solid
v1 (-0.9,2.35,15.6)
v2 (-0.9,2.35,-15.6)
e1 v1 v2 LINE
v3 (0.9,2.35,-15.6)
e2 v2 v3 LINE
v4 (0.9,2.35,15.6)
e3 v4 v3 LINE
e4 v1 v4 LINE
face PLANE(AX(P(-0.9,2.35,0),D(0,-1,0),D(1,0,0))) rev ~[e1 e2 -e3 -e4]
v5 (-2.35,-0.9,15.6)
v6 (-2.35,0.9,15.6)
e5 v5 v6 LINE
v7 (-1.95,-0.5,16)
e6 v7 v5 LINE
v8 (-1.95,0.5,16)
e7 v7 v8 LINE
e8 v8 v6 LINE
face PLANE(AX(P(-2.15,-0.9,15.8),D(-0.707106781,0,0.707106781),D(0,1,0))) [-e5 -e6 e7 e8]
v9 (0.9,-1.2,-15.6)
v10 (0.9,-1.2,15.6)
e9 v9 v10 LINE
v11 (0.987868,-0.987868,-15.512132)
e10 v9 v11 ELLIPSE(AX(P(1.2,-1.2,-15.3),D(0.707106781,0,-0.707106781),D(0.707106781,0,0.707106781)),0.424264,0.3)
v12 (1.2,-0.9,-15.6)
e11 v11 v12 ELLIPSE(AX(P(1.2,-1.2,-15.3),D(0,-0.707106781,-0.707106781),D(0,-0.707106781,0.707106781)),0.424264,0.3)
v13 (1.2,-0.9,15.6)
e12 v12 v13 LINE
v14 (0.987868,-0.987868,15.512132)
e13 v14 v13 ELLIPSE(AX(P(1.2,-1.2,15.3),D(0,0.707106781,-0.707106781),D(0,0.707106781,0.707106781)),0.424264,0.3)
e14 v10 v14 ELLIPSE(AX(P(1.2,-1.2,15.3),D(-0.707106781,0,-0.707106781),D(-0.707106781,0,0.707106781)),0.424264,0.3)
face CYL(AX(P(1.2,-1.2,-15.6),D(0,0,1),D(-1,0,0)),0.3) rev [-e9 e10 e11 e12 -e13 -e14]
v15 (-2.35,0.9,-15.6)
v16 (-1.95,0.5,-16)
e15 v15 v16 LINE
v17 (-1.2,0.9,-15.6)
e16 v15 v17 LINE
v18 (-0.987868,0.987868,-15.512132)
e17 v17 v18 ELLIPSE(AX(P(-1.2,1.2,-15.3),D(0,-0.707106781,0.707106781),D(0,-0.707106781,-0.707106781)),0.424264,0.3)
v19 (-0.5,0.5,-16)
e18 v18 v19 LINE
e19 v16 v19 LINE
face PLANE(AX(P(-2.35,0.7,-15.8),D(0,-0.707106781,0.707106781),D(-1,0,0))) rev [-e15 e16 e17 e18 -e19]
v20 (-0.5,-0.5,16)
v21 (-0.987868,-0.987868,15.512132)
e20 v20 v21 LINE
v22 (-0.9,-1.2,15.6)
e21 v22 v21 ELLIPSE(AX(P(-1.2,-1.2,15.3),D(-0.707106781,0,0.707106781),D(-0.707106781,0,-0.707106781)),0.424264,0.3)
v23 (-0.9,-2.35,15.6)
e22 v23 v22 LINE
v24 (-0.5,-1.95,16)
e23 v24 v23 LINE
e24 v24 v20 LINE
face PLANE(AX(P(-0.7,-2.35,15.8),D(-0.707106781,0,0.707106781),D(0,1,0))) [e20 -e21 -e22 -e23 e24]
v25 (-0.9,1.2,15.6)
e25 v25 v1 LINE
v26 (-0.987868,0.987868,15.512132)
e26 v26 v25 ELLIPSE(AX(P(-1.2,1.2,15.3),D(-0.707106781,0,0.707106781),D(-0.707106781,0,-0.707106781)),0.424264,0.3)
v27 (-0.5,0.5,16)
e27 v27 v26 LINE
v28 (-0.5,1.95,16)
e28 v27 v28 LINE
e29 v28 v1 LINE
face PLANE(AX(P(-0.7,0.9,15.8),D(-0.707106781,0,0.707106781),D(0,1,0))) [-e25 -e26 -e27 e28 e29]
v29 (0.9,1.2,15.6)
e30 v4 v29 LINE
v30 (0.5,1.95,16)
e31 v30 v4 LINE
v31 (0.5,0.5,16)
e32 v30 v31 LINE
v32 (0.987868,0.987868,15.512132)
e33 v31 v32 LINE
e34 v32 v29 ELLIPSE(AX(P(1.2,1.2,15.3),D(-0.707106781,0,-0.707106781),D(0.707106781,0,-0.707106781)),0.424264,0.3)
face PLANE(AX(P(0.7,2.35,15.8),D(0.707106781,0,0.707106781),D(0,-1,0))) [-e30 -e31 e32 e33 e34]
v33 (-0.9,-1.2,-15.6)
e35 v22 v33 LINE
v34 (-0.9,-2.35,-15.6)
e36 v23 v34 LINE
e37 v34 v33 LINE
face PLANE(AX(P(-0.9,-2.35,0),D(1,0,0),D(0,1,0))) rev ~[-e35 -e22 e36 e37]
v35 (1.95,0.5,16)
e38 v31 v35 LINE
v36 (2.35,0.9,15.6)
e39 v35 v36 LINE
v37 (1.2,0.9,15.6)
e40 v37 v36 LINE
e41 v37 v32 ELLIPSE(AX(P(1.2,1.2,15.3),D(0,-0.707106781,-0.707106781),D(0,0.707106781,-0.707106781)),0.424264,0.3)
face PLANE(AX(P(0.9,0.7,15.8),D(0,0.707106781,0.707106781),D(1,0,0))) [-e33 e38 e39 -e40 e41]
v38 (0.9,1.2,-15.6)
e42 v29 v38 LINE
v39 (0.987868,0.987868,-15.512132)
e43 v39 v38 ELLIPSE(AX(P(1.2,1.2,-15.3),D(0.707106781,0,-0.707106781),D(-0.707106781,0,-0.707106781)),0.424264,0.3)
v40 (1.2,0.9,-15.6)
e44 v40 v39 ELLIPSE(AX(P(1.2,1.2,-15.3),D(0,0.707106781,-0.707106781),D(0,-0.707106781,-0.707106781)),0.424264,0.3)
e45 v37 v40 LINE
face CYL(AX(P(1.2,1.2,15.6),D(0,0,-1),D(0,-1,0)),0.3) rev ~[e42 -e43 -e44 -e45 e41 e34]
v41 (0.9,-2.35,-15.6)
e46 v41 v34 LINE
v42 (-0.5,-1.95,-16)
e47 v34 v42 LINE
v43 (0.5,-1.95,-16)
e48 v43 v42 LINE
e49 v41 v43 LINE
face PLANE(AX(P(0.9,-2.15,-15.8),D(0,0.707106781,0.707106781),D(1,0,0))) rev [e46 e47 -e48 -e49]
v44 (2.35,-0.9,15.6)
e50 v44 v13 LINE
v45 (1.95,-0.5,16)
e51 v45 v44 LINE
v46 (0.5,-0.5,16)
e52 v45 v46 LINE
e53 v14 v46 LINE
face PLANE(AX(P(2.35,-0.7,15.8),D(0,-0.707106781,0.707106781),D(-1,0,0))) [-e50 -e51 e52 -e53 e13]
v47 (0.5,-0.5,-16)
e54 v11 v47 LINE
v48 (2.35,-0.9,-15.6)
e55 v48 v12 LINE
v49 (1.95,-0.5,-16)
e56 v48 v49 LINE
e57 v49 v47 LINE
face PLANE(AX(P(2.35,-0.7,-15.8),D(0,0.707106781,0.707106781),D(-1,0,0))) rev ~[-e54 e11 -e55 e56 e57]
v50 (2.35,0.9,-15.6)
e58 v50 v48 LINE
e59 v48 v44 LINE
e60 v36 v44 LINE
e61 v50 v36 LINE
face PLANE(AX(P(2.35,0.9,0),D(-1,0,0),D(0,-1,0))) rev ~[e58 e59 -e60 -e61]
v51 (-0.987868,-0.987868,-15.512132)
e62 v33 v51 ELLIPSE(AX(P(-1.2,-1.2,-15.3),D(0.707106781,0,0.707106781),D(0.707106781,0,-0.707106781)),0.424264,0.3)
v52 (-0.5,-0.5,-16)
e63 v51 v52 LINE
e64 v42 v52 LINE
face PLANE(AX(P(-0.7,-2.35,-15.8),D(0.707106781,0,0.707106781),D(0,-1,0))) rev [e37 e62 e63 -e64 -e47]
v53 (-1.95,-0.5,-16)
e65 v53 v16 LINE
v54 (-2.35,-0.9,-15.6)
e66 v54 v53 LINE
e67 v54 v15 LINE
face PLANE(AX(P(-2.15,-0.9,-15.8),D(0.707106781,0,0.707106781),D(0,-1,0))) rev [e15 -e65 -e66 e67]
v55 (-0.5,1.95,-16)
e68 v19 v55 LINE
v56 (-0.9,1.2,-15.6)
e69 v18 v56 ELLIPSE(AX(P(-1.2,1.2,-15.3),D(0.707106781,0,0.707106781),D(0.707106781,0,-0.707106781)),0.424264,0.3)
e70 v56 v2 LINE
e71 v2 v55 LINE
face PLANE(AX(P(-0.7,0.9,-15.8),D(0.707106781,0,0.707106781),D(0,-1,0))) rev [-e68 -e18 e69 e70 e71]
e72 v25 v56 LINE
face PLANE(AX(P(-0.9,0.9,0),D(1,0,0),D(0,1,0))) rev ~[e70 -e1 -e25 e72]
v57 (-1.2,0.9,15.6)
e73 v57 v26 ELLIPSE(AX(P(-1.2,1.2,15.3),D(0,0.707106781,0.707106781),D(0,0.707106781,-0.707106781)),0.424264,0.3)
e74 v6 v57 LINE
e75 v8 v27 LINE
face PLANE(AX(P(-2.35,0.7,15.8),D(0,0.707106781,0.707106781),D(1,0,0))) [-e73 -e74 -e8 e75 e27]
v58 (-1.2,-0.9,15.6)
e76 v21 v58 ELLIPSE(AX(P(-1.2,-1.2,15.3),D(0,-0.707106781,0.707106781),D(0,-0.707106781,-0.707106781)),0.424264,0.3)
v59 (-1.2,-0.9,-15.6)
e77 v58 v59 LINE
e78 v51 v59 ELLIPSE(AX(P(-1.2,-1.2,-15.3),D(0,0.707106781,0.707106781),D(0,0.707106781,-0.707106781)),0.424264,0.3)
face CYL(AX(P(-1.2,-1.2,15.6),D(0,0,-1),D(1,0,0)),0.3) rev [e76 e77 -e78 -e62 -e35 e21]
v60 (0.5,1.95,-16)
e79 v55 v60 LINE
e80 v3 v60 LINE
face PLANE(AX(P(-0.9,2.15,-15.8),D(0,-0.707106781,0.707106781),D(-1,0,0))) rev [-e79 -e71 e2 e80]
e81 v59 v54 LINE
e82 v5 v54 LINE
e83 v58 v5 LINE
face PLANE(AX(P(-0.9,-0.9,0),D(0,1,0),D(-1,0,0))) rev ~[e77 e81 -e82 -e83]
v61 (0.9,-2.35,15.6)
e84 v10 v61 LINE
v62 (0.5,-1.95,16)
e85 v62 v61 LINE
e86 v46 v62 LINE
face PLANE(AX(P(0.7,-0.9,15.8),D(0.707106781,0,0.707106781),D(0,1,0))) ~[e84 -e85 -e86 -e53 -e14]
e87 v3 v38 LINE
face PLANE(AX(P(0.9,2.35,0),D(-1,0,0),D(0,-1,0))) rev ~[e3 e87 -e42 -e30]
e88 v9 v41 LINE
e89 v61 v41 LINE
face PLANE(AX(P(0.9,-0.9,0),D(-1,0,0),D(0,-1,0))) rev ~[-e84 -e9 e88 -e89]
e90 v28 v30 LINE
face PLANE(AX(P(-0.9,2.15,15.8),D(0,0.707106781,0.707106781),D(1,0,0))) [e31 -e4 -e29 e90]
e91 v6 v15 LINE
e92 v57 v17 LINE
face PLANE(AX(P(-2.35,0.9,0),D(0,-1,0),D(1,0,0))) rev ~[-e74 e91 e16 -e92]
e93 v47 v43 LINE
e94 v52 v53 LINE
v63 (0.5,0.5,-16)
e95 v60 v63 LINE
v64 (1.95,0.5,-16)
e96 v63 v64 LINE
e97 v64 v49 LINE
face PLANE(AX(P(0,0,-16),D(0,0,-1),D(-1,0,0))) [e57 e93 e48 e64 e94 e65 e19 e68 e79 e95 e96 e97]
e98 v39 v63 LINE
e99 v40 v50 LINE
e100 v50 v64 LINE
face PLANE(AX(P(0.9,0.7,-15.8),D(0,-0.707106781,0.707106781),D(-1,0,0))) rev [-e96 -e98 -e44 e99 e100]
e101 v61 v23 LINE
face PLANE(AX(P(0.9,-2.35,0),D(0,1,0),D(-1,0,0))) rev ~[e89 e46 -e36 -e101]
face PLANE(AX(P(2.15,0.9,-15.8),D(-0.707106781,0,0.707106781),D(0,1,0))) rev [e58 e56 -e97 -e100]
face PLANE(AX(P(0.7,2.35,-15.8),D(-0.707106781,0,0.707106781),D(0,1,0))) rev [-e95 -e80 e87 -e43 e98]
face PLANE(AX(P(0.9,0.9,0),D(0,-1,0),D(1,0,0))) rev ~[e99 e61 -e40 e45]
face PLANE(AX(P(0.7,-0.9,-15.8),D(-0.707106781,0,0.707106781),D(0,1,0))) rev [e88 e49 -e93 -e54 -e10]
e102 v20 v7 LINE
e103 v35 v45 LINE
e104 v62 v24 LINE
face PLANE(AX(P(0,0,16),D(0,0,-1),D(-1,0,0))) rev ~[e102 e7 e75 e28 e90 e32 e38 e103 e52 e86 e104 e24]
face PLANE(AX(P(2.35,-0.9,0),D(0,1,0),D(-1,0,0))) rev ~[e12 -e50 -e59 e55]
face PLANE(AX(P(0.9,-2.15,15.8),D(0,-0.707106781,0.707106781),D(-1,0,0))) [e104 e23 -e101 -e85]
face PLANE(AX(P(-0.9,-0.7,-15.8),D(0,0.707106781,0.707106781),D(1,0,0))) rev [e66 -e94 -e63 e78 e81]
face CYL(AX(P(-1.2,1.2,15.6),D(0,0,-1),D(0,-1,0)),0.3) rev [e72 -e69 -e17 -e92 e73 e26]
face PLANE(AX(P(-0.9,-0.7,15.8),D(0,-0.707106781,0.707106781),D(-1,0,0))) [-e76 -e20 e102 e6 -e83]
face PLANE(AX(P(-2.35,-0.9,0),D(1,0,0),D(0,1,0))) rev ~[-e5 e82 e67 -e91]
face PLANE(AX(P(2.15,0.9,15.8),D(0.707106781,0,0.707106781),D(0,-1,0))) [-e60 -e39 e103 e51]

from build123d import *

# Parameters (mm, degrees)
BOSS_EXTRUDE1_DEPTH = 16
CHAMFER1_SIZE       = 0.4
FILLET1_R           = 0.3


with BuildPart() as part:
    # Sketch1 → Boss-Extrude1 (new, symmetric)
    with BuildSketch(Plane.XY):
        Polygon((0.9, -0.9), (0.9, -2.35), (-0.9, -2.35), (-0.9, -0.9), (-2.35, -0.9), (-2.35, 0.9), (-0.9, 0.9), (-0.9, 2.35), (0.9, 2.35), (0.9, 0.9), (2.35, 0.9), (2.35, -0.9), align=None)
    extrude(amount=BOSS_EXTRUDE1_DEPTH, both=True)

    # Chamfer1
    chamfer1_edges = [part.edges().sort_by_distance(p)[0] for p in [
        (0.9, -1.625, -16),
        (0, -2.35, -16),
        (1.625, 0.9, 16),
        (-0.9, -1.625, -16),
        (-1.625, -0.9, -16),
        (-2.35, 0, -16),
        (-1.625, 0.9, -16),
        (-0.9, 1.625, -16),
        (0, 2.35, -16),
        (0.9, 1.625, -16),
        (1.625, 0.9, -16),
        (2.35, 0, -16),
        (1.625, -0.9, -16),
        (0.9, 1.625, 16),
        (0, 2.35, 16),
        (-0.9, 1.625, 16),
        (-1.625, 0.9, 16),
        (-2.35, 0, 16),
        (-1.625, -0.9, 16),
        (-0.9, -1.625, 16),
        (0, -2.35, 16),
        (0.9, -1.625, 16),
        (1.625, -0.9, 16),
        (2.35, 0, 16),
    ]]
    chamfer(chamfer1_edges, length=CHAMFER1_SIZE)

    # Fillet1
    fillet1_edges = [part.edges().sort_by_distance(p)[0] for p in [
        (0.9, 0.9, 0),
        (-0.9, 0.9, 0),
        (-0.9, -0.9, 0),
        (0.9, -0.9, 0),
    ]]
    fillet(fillet1_edges, radius=FILLET1_R)


solid = part.part
